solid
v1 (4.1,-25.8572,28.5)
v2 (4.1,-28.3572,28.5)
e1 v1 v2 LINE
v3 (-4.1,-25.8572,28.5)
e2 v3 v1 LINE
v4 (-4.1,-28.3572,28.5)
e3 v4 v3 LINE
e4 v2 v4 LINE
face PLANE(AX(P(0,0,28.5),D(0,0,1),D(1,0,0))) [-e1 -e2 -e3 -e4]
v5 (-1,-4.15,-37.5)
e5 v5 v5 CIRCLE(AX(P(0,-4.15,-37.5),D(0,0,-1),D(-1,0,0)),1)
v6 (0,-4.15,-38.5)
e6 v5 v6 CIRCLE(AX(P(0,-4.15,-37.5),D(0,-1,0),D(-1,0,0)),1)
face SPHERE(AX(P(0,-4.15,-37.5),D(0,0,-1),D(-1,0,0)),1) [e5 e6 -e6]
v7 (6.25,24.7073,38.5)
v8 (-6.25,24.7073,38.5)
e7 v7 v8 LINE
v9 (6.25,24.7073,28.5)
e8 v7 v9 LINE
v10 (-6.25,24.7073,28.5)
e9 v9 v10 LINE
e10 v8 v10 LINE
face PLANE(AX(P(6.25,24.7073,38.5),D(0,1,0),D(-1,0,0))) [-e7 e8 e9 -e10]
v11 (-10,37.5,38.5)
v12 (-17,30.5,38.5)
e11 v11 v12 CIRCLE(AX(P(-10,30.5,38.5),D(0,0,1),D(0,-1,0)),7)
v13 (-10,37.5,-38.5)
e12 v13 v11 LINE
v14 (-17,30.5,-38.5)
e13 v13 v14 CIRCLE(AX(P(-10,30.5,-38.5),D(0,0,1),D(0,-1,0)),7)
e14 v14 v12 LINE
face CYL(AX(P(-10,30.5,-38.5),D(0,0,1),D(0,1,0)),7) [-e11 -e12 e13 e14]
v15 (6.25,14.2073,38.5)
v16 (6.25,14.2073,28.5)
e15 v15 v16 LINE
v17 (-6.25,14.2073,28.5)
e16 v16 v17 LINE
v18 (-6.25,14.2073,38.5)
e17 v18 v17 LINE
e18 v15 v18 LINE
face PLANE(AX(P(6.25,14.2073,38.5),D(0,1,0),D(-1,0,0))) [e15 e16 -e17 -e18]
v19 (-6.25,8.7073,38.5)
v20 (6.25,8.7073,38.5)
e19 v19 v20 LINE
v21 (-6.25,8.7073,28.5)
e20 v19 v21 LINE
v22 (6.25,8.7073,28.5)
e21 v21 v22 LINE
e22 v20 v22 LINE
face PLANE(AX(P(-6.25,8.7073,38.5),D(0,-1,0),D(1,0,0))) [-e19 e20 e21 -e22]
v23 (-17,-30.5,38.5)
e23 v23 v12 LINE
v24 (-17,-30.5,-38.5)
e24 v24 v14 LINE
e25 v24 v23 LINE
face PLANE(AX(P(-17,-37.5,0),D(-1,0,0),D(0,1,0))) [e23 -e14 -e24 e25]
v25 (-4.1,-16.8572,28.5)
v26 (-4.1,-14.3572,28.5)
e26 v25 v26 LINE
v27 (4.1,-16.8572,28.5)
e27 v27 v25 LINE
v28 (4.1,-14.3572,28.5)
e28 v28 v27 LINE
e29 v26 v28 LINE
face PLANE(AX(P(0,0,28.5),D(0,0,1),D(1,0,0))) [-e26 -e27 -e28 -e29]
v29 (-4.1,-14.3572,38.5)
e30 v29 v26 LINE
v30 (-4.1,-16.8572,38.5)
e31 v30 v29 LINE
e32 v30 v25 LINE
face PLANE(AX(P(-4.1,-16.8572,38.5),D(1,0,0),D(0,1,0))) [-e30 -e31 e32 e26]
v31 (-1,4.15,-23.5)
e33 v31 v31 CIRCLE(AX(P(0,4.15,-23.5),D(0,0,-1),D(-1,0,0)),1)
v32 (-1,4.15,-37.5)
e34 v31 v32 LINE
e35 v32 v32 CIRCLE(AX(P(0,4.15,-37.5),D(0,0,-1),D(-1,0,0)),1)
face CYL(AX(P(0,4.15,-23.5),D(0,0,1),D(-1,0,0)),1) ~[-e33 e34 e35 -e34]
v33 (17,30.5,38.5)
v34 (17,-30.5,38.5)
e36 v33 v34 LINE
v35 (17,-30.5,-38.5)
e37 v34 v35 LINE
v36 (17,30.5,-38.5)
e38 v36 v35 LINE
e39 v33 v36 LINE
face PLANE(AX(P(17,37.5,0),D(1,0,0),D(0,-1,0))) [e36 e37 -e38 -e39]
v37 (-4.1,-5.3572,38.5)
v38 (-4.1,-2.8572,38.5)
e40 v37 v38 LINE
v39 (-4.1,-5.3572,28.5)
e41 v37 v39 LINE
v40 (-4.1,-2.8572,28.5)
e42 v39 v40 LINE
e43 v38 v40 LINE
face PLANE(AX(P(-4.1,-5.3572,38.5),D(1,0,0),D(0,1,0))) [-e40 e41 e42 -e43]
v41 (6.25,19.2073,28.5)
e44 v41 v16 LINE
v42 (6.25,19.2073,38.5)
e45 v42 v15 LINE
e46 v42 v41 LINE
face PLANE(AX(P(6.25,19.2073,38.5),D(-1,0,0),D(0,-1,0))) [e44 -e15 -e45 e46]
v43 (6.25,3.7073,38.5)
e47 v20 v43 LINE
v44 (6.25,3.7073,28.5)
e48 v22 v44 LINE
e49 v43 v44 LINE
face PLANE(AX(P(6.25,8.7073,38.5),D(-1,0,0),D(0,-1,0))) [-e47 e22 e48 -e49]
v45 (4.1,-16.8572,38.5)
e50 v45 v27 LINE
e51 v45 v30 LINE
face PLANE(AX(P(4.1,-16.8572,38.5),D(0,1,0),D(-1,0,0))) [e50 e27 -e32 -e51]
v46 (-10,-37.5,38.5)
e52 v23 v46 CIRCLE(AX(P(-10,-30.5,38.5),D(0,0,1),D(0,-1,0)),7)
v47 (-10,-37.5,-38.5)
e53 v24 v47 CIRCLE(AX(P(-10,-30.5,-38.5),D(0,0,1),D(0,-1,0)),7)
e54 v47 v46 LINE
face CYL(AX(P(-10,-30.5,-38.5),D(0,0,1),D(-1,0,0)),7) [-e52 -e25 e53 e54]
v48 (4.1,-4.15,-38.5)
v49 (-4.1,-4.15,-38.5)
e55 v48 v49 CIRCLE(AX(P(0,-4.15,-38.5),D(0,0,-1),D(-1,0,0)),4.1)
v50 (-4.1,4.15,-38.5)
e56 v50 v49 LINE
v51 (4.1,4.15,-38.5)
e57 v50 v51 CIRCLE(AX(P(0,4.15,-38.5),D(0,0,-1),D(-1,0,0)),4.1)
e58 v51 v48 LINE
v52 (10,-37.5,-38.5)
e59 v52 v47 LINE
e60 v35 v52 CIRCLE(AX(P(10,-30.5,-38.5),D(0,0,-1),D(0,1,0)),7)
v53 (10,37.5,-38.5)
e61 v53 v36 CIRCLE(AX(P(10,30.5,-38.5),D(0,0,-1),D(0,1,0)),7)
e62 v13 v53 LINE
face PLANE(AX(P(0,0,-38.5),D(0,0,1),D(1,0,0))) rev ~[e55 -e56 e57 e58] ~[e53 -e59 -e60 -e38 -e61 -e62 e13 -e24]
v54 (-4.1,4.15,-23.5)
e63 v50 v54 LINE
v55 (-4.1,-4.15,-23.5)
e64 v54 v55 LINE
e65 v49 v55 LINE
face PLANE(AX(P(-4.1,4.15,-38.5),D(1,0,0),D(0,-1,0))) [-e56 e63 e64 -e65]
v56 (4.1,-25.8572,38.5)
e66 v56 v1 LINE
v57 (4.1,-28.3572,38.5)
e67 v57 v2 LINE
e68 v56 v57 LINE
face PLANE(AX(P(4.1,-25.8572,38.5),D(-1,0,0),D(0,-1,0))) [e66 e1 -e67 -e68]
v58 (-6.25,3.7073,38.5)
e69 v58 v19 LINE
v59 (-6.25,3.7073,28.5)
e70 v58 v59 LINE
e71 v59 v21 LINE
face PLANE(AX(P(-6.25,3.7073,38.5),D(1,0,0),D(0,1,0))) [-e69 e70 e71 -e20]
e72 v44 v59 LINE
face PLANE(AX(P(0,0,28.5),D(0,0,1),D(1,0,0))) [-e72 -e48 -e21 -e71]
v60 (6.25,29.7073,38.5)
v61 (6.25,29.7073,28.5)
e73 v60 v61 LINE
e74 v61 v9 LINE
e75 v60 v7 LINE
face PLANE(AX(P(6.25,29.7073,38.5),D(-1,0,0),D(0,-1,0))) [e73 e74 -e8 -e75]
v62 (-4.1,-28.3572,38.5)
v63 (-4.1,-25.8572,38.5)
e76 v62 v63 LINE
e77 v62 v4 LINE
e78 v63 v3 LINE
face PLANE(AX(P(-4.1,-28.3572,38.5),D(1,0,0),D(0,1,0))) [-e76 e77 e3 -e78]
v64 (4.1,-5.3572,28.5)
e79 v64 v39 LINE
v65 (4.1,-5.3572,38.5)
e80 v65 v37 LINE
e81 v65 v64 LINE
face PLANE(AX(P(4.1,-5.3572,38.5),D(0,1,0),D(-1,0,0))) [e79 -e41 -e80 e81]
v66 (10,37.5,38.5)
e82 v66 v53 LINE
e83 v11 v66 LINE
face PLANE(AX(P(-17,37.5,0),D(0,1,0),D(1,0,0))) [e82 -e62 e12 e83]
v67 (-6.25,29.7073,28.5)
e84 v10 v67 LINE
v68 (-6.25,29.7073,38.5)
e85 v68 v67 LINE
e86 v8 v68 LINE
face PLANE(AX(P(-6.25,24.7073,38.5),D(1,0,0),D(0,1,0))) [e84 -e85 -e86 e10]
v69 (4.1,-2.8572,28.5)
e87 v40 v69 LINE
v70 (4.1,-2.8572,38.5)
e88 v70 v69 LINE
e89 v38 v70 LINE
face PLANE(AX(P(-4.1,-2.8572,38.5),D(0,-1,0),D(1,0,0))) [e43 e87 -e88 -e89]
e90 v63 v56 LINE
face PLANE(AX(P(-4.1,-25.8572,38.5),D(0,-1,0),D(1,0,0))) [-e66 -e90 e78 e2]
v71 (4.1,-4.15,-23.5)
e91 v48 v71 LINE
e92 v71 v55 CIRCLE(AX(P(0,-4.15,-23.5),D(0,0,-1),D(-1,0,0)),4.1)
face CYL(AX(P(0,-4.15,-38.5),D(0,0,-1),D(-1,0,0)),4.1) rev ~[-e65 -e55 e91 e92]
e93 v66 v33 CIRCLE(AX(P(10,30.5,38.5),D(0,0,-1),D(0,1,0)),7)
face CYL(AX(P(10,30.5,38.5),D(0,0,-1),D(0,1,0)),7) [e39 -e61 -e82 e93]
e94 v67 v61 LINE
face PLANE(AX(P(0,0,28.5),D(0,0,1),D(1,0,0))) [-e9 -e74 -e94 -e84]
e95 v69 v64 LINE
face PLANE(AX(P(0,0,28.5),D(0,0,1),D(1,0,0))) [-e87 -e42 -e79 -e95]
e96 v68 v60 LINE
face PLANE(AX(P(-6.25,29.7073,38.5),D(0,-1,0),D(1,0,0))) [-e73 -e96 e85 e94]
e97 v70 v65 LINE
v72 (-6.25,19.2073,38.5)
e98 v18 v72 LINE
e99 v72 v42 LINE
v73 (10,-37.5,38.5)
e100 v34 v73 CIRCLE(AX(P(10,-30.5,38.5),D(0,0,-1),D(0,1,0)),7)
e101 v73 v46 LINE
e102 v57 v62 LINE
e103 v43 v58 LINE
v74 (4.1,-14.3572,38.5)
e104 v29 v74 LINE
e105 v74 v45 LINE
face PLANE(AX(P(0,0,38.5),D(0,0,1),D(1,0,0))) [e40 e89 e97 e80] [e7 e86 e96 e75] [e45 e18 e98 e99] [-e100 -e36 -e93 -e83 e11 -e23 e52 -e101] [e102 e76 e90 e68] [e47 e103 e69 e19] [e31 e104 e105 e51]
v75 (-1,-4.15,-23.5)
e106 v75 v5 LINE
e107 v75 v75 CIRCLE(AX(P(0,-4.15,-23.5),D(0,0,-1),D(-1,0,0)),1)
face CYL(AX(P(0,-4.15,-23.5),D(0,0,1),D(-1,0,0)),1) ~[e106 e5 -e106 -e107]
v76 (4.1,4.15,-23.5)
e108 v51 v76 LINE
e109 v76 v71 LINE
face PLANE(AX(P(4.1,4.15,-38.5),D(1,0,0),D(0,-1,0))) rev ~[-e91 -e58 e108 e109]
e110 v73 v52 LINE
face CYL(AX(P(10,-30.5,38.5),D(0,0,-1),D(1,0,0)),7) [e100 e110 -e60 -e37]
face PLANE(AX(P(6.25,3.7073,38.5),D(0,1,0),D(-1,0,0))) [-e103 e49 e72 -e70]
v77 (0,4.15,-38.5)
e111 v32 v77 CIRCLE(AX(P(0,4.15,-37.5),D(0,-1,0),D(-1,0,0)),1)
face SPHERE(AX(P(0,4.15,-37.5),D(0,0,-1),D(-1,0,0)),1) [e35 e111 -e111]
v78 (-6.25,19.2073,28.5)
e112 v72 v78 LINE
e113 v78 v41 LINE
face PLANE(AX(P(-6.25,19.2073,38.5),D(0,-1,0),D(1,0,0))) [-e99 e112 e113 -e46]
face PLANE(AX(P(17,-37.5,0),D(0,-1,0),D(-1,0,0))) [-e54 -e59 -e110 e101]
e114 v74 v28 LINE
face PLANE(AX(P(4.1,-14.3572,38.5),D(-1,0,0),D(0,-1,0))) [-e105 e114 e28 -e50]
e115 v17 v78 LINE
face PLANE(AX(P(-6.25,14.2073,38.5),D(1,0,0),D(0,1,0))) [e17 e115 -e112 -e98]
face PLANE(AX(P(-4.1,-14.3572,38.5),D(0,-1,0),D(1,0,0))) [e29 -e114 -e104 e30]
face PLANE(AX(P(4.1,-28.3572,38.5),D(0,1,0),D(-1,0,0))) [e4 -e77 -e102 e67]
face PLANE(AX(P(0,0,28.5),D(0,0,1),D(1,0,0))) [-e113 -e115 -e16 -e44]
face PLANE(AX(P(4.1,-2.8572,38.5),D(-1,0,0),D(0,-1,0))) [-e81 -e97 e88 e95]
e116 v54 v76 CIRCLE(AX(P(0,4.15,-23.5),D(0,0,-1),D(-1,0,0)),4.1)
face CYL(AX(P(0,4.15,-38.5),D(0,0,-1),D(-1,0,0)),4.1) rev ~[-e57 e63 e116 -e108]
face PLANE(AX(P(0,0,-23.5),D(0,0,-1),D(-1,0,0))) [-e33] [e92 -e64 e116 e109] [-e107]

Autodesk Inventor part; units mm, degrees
ref_plane "YZ Plane" through (0, 0, 0) normal (1, 0, 0) x (0, 1, 0)
ref_plane "XZ Plane" through (0, 0, 0) normal (0, 1, 0) x (-1, 0, 0)
ref_plane "XY Plane" through (0, 0, 0) normal (0, 0, 1) x (1, 0, 0)
sketch "Sketch1" plane through (0, 0, 0) normal (0, 0, 1) x (1, 0, 0)
  line L0 (-17, 37.5) -> (17, 37.5)
  line L1 (17, 37.5) -> (17, -37.5)
  line L2 (17, -37.5) -> (-17, -37.5)
  line L3 (-17, -37.5) -> (-17, 37.5)
  line L4 (-17, 37.5) -> (17, -37.5) construction
  line L5 (17, 37.5) -> (-17, -37.5) construction
  point P0 (0, 0)
  dimension "d0" = 34
  dimension "d1" = 75
extrude "Extrusion1" add sketch "Sketch1" along normal mid plane 77
fillet "Fillet1" radius 7 4 edges at (17, 37.5, 0) (-17, 37.5, 0) (17, -37.5, 0) (-17, -37.5, 0)
sketch "Sketch2" plane through (0, 0, -38.5) normal (0, 0, -1) x (-1, 0, 0)
  circle A0 centre (0, 4.15) radius 4.1
  circle A1 centre (0, -4.15) radius 4.1
  line L0 (0, 0) -> (24.0198, 0) construction
  line L1 (-4.1, 4.15) -> (-4.1, -4.15)
  line L2 (4.1, 4.15) -> (4.1, -4.15)
  dimension "d5" = 8.2
  dimension "d6" = 16.5
extrude "Extrusion2" cut sketch "Sketch2" against normal blind 15
sketch "Sketch3" plane through (0, 0, -23.5) normal (0, 0, -1) x (-1, 0, 0)
  circle A0 centre (0, 4.15) radius 1
  circle A1 centre (0, -4.15) radius 1
  arc A2 (4.1, 4.15) -> (-4.1, 4.15) centre (0, 4.15) ccw projected
  arc A3 (-4.1, -4.15) -> (4.1, -4.15) centre (0, -4.15) ccw projected
  point P0 (0, 0)
  dimension "d9" = 2
extrude "Extrusion3" add sketch "Sketch3" along normal blind 15
fillet "Fillet2" radius 1 2 edges at (1, 4.15, -38.5) (1, -4.15, -38.5)
sketch "Sketch4" plane through (0, 0, 38.5) normal (0, 0, 1) x (1, 0, 0)
  line L0 (-6.25, 29.7073) -> (6.25, 29.7073)
  line L1 (6.25, 29.7073) -> (6.25, 24.7073)
  line L2 (6.25, 24.7073) -> (-6.25, 24.7073)
  line L3 (-6.25, 24.7073) -> (-6.25, 29.7073)
  line L4 (-6.25, 29.7073) -> (6.25, 24.7073) construction
  line L5 (6.25, 29.7073) -> (-6.25, 24.7073) construction
  line L6 (-6.25, 19.2073) -> (6.25, 19.2073)
  line L7 (6.25, 19.2073) -> (6.25, 14.2073)
  line L8 (6.25, 14.2073) -> (-6.25, 14.2073)
  line L9 (-6.25, 14.2073) -> (-6.25, 19.2073)
  line L10 (-6.25, 19.2073) -> (6.25, 14.2073) construction
  line L11 (6.25, 19.2073) -> (-6.25, 14.2073) construction
  line L12 (-6.25, 8.7073) -> (6.25, 8.7073)
  line L13 (6.25, 8.7073) -> (6.25, 3.7073)
  line L14 (6.25, 3.7073) -> (-6.25, 3.7073)
  line L15 (-6.25, 3.7073) -> (-6.25, 8.7073)
  line L16 (-6.25, 8.7073) -> (6.25, 3.7073) construction
  line L17 (6.25, 8.7073) -> (-6.25, 3.7073) construction
  line L18 (-4.1, -2.8572) -> (4.1, -2.8572)
  line L19 (4.1, -2.8572) -> (4.1, -5.3572)
  line L20 (4.1, -5.3572) -> (-4.1, -5.3572)
  line L21 (-4.1, -5.3572) -> (-4.1, -2.8572)
  line L22 (-4.1, -2.8572) -> (4.1, -5.3572) construction
  line L23 (4.1, -2.8572) -> (-4.1, -5.3572) construction
  line L24 (-4.1, -14.3572) -> (4.1, -14.3572)
  line L25 (4.1, -14.3572) -> (4.1, -16.8572)
  line L26 (4.1, -16.8572) -> (-4.1, -16.8572)
  line L27 (-4.1, -16.8572) -> (-4.1, -14.3572)
  line L28 (-4.1, -14.3572) -> (4.1, -16.8572) construction
  line L29 (4.1, -14.3572) -> (-4.1, -16.8572) construction
  line L30 (-4.1, -25.8572) -> (4.1, -25.8572)
  line L31 (4.1, -25.8572) -> (4.1, -28.3572)
  line L32 (4.1, -28.3572) -> (-4.1, -28.3572)
  line L33 (-4.1, -28.3572) -> (-4.1, -25.8572)
  line L34 (-4.1, -25.8572) -> (4.1, -28.3572) construction
  line L35 (4.1, -25.8572) -> (-4.1, -28.3572) construction
  point P0 (0, 0)
  point P1 (0, 27.2073)
  point P2 (0, 16.7073)
  point P3 (0, 6.2073)
  point P4 (0, -4.1072)
  point P5 (0, -15.6072)
  point P6 (0, -27.1072)
  dimension "d5" = 8.2
  dimension "d6" = 16.5
  dimension "d14" = 12.5
  dimension "d15" = 5
  dimension "d16" = 5.5
  dimension "d17" = 5.5
  dimension "d18" = 8.2
  dimension "d19" = 2.5
  dimension "d20" = 9
  dimension "d21" = 9
extrude "Extrusion4" cut sketch "Sketch4" against normal blind 10
equation "\"d17\" = d16"
equation "\"d21\" = d20"
properties part number "PowerUSB"
